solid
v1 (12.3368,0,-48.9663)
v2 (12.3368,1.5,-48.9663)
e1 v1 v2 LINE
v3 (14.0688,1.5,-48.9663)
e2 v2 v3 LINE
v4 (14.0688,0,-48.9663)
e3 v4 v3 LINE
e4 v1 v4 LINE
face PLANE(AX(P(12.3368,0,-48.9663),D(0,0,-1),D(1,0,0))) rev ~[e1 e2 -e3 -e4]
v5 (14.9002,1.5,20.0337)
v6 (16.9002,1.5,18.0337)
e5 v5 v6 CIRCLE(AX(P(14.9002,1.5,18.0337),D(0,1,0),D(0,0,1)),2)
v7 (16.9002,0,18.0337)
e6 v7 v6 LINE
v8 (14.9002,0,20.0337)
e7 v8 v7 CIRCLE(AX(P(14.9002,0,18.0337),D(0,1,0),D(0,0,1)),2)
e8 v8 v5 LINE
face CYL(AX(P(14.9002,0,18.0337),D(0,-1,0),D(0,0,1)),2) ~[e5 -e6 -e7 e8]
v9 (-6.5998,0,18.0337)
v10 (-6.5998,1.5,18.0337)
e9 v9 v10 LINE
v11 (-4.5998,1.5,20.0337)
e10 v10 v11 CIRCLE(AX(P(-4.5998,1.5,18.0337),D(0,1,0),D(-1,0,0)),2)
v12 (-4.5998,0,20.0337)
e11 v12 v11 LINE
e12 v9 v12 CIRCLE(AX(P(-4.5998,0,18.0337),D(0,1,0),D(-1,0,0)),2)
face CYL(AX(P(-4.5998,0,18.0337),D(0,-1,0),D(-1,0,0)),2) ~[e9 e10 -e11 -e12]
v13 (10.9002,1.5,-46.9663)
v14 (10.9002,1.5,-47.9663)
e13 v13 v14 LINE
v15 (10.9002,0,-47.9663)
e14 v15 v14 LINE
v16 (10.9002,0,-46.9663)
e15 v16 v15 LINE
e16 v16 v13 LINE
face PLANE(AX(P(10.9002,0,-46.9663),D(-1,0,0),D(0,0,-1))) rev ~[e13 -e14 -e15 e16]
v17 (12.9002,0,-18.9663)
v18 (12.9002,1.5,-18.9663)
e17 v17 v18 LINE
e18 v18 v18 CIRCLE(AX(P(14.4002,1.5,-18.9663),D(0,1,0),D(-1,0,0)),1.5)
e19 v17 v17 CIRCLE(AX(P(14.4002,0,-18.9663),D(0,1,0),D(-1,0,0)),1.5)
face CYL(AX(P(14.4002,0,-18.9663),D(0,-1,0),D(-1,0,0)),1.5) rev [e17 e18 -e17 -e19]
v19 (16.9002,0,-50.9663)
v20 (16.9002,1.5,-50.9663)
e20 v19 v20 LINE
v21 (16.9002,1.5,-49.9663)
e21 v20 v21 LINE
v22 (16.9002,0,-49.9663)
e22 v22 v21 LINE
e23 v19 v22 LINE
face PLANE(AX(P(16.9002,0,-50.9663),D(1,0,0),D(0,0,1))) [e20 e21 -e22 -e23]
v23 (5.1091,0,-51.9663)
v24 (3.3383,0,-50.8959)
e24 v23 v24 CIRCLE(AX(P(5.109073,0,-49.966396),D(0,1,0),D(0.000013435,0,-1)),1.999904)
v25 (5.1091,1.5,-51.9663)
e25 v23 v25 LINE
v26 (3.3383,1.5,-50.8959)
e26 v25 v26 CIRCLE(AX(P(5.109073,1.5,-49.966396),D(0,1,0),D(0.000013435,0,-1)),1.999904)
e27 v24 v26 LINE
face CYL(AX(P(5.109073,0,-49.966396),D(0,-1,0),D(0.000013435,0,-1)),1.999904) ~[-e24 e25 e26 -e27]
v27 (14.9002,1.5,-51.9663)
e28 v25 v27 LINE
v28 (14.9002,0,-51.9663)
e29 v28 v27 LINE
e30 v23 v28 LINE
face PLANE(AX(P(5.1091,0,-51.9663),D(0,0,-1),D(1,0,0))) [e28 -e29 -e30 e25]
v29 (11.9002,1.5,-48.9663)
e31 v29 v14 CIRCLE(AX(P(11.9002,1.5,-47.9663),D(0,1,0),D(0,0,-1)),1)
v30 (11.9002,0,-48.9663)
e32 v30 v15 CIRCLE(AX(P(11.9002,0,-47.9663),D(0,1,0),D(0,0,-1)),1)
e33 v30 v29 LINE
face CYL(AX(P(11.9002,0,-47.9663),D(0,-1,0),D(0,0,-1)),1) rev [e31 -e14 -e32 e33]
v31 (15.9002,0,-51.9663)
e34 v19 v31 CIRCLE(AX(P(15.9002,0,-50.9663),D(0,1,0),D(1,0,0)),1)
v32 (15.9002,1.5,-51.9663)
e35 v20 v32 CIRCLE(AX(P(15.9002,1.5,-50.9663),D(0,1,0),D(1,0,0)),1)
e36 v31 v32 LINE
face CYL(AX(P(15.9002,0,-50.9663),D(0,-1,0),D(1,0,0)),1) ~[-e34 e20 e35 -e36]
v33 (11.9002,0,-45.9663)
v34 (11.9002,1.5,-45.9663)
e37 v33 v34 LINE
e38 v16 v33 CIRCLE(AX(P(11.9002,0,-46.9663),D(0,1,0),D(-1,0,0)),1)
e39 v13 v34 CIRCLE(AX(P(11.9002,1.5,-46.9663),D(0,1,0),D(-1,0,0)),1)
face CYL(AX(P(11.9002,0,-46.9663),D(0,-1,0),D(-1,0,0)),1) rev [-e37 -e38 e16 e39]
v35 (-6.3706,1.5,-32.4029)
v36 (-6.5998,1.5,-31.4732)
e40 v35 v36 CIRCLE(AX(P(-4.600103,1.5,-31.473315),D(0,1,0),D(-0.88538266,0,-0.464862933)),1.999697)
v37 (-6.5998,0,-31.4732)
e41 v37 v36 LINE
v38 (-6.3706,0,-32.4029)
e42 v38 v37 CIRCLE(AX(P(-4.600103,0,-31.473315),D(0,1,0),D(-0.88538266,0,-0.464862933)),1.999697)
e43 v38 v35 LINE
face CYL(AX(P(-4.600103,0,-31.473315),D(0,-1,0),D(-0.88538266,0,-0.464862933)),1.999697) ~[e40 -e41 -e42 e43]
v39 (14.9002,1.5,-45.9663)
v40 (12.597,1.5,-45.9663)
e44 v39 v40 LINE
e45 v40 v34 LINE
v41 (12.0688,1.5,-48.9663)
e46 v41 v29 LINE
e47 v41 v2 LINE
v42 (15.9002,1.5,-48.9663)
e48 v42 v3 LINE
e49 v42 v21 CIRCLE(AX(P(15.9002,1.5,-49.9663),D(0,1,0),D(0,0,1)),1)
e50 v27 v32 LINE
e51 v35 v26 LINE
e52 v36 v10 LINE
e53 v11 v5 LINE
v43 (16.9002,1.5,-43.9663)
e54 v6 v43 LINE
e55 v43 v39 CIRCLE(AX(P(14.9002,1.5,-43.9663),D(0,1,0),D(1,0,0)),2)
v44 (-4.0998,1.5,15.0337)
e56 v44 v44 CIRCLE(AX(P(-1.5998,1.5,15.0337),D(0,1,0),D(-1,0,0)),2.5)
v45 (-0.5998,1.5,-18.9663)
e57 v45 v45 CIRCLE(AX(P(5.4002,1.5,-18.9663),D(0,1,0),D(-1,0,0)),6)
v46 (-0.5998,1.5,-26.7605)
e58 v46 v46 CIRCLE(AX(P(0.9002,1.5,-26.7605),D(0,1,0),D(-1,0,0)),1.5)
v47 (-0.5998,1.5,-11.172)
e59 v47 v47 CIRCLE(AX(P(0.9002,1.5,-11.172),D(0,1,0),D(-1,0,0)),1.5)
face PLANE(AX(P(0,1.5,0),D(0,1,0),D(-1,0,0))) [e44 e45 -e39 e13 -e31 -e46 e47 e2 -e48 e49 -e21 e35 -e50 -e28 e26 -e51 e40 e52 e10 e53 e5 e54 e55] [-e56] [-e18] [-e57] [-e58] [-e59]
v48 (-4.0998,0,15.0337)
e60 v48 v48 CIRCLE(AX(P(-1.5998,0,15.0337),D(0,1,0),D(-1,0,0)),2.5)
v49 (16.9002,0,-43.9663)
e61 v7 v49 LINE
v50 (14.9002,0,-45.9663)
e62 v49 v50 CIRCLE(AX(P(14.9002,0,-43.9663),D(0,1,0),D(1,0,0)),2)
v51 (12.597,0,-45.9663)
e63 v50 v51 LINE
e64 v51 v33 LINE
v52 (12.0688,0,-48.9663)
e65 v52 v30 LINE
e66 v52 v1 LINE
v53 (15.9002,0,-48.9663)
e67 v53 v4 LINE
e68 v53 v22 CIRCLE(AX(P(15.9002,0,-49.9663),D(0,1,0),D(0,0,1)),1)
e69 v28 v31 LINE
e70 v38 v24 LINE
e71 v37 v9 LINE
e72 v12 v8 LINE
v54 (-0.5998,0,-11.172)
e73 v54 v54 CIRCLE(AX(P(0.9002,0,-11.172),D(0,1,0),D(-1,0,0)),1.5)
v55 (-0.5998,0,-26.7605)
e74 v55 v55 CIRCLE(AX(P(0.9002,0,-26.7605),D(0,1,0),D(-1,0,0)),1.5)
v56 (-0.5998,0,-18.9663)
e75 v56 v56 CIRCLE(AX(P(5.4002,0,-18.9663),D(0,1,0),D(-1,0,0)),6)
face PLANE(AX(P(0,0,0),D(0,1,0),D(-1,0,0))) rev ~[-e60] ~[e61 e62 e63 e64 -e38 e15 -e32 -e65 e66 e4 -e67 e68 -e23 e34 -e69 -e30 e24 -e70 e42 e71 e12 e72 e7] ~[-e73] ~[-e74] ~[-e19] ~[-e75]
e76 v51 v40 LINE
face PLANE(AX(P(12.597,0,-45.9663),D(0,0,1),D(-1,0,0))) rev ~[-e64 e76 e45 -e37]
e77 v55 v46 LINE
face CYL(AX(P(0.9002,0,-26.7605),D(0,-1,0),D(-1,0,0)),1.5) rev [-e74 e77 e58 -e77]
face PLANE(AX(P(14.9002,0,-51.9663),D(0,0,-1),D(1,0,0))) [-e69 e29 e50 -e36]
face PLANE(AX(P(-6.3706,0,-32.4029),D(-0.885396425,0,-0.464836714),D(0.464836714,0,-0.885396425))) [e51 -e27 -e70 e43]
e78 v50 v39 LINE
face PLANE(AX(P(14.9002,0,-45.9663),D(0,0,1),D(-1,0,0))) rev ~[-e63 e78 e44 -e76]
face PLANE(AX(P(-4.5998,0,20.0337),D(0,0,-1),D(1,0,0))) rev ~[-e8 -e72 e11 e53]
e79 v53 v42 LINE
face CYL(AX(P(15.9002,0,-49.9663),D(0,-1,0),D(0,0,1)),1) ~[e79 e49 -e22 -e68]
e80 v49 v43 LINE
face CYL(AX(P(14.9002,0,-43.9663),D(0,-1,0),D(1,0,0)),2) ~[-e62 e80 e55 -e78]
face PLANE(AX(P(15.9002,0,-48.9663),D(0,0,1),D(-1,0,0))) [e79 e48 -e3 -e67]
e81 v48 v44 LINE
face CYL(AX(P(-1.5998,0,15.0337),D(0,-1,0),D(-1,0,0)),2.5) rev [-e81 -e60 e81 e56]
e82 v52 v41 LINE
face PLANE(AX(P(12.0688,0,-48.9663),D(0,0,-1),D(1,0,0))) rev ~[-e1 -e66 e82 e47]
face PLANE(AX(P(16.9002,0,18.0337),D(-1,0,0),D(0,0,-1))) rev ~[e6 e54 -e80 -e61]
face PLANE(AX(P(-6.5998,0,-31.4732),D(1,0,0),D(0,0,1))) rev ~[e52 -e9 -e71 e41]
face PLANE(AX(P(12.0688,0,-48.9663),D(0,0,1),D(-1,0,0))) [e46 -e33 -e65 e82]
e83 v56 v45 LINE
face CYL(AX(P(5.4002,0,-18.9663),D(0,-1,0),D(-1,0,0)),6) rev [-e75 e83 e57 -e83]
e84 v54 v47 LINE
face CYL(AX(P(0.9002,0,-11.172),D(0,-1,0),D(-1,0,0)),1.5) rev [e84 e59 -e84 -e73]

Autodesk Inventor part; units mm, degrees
ref_plane "YZ Plane" through (0, 0, 0) normal (1, 0, 0) x (0, 1, 0)
ref_plane "XZ Plane" through (0, 0, 0) normal (0, 1, 0) x (-1, 0, 0)
ref_plane "XY Plane" through (0, 0, 0) normal (0, 0, 1) x (1, 0, 0)
sketch "Sketch1" plane through (0, 0, 0) normal (0, 1, 0) x (-1, 0, 0)
  line L0 (4.5998, 20.0337) -> (-14.9002, 20.0337)
  line L1 (6.3706, -32.4029) -> (-3.3383, -50.8959)
  line L2 (6.5998, -31.4732) -> (6.5998, 18.0337)
  line L3 (-5.1091, -51.9663) -> (-14.9002, -51.9663)
  circle A0 centre (1.5998, 15.0337) radius 2.5
  circle A1 centre (-5.4002, -18.9663) radius 6
  line L4 (-14.9002, -45.9663) -> (-12.597, -45.9663)
  line L5 (-12.0688, -48.9663) -> (-14.0688, -48.9663)
  line L6 (-16.9002, 18.0337) -> (-16.9002, -43.9663)
  arc A2 (-16.9002, -43.9663) -> (-14.9002, -45.9663) centre (-14.9002, -43.9663) ccw
  arc A3 (-5.1091, -51.9663) -> (-3.3383, -50.8959) centre (-5.1091, -49.9663) ccw
  arc A4 (6.3706, -32.4029) -> (6.5998, -31.4732) centre (4.5998, -31.4732) ccw
  arc A5 (6.5998, 18.0337) -> (4.5998, 20.0337) centre (4.5998, 18.0337) ccw
  arc A6 (-14.9002, 20.0337) -> (-16.9002, 18.0337) centre (-14.9002, 18.0337) ccw
  circle A7 centre (-14.4002, -18.9663) radius 1.5
  circle A8 centre (-0.9002, -11.172) radius 1.5
  circle A9 centre (-0.9002, -26.7605) radius 1.5
  line L7 (-12.597, -45.9663) -> (-11.9002, -45.9663)
  line L8 (-10.9002, -46.9663) -> (-10.9002, -47.9663)
  line L9 (-12.3368, -48.9663) -> (-11.9002, -48.9663)
  line L10 (-14.9002, -51.9663) -> (-15.9002, -51.9663)
  line L11 (-16.9002, -50.9663) -> (-16.9002, -49.9663)
  line L12 (-15.9002, -48.9663) -> (-14.0688, -48.9663)
  arc A10 (-10.9002, -46.9663) -> (-11.9002, -45.9663) centre (-11.9002, -46.9663) ccw
  arc A11 (-11.9002, -48.9663) -> (-10.9002, -47.9663) centre (-11.9002, -47.9663) ccw
  arc A12 (-15.9002, -48.9663) -> (-16.9002, -49.9663) centre (-15.9002, -49.9663) ccw
  arc A13 (-16.9002, -50.9663) -> (-15.9002, -51.9663) centre (-15.9002, -50.9663) ccw
  point P0 (0, 0)
  point P1 (6.5998, 20.0337)
  point P2 (-16.9002, 20.0337)
  point P3 (6.5998, -31.9663)
  point P4 (-3.9002, -51.9663)
  point P5 (-16.9002, -45.9663)
  point P6 (-10.9002, -45.9663)
  point P7 (-10.9002, -48.9663)
  point P8 (-16.9002, -51.9663)
  point P9 (-16.9002, -48.9663)
  dimension "d1" = 23.5
  dimension "d3" = 52
  dimension "d5" = 5
  dimension "d6" = 5
  dimension "d7" = 5
  dimension "d8" = 12
  dimension "d9" = 12
  dimension "d10" = 39
  dimension "d28" = 3
  dimension "d29" = 9
  dimension "d30" = 2.5
  dimension "d31" = 3
  dimension "d32" = 3
  dimension "d33" = 120
  dimension "d34" = 120
  dimension "d35" = 9
  dimension "d36" = 9
  dimension "d37" = 3
  dimension "d38" = 6
  dimension "d39" = 3
  dimension "d40" = 6
  dimension "d41" = 1
  dimension "d44" = 13
extrude "Extrusion1" add sketch "Sketch1" along normal blind 1.5
properties part number "bras_amortisseur"
